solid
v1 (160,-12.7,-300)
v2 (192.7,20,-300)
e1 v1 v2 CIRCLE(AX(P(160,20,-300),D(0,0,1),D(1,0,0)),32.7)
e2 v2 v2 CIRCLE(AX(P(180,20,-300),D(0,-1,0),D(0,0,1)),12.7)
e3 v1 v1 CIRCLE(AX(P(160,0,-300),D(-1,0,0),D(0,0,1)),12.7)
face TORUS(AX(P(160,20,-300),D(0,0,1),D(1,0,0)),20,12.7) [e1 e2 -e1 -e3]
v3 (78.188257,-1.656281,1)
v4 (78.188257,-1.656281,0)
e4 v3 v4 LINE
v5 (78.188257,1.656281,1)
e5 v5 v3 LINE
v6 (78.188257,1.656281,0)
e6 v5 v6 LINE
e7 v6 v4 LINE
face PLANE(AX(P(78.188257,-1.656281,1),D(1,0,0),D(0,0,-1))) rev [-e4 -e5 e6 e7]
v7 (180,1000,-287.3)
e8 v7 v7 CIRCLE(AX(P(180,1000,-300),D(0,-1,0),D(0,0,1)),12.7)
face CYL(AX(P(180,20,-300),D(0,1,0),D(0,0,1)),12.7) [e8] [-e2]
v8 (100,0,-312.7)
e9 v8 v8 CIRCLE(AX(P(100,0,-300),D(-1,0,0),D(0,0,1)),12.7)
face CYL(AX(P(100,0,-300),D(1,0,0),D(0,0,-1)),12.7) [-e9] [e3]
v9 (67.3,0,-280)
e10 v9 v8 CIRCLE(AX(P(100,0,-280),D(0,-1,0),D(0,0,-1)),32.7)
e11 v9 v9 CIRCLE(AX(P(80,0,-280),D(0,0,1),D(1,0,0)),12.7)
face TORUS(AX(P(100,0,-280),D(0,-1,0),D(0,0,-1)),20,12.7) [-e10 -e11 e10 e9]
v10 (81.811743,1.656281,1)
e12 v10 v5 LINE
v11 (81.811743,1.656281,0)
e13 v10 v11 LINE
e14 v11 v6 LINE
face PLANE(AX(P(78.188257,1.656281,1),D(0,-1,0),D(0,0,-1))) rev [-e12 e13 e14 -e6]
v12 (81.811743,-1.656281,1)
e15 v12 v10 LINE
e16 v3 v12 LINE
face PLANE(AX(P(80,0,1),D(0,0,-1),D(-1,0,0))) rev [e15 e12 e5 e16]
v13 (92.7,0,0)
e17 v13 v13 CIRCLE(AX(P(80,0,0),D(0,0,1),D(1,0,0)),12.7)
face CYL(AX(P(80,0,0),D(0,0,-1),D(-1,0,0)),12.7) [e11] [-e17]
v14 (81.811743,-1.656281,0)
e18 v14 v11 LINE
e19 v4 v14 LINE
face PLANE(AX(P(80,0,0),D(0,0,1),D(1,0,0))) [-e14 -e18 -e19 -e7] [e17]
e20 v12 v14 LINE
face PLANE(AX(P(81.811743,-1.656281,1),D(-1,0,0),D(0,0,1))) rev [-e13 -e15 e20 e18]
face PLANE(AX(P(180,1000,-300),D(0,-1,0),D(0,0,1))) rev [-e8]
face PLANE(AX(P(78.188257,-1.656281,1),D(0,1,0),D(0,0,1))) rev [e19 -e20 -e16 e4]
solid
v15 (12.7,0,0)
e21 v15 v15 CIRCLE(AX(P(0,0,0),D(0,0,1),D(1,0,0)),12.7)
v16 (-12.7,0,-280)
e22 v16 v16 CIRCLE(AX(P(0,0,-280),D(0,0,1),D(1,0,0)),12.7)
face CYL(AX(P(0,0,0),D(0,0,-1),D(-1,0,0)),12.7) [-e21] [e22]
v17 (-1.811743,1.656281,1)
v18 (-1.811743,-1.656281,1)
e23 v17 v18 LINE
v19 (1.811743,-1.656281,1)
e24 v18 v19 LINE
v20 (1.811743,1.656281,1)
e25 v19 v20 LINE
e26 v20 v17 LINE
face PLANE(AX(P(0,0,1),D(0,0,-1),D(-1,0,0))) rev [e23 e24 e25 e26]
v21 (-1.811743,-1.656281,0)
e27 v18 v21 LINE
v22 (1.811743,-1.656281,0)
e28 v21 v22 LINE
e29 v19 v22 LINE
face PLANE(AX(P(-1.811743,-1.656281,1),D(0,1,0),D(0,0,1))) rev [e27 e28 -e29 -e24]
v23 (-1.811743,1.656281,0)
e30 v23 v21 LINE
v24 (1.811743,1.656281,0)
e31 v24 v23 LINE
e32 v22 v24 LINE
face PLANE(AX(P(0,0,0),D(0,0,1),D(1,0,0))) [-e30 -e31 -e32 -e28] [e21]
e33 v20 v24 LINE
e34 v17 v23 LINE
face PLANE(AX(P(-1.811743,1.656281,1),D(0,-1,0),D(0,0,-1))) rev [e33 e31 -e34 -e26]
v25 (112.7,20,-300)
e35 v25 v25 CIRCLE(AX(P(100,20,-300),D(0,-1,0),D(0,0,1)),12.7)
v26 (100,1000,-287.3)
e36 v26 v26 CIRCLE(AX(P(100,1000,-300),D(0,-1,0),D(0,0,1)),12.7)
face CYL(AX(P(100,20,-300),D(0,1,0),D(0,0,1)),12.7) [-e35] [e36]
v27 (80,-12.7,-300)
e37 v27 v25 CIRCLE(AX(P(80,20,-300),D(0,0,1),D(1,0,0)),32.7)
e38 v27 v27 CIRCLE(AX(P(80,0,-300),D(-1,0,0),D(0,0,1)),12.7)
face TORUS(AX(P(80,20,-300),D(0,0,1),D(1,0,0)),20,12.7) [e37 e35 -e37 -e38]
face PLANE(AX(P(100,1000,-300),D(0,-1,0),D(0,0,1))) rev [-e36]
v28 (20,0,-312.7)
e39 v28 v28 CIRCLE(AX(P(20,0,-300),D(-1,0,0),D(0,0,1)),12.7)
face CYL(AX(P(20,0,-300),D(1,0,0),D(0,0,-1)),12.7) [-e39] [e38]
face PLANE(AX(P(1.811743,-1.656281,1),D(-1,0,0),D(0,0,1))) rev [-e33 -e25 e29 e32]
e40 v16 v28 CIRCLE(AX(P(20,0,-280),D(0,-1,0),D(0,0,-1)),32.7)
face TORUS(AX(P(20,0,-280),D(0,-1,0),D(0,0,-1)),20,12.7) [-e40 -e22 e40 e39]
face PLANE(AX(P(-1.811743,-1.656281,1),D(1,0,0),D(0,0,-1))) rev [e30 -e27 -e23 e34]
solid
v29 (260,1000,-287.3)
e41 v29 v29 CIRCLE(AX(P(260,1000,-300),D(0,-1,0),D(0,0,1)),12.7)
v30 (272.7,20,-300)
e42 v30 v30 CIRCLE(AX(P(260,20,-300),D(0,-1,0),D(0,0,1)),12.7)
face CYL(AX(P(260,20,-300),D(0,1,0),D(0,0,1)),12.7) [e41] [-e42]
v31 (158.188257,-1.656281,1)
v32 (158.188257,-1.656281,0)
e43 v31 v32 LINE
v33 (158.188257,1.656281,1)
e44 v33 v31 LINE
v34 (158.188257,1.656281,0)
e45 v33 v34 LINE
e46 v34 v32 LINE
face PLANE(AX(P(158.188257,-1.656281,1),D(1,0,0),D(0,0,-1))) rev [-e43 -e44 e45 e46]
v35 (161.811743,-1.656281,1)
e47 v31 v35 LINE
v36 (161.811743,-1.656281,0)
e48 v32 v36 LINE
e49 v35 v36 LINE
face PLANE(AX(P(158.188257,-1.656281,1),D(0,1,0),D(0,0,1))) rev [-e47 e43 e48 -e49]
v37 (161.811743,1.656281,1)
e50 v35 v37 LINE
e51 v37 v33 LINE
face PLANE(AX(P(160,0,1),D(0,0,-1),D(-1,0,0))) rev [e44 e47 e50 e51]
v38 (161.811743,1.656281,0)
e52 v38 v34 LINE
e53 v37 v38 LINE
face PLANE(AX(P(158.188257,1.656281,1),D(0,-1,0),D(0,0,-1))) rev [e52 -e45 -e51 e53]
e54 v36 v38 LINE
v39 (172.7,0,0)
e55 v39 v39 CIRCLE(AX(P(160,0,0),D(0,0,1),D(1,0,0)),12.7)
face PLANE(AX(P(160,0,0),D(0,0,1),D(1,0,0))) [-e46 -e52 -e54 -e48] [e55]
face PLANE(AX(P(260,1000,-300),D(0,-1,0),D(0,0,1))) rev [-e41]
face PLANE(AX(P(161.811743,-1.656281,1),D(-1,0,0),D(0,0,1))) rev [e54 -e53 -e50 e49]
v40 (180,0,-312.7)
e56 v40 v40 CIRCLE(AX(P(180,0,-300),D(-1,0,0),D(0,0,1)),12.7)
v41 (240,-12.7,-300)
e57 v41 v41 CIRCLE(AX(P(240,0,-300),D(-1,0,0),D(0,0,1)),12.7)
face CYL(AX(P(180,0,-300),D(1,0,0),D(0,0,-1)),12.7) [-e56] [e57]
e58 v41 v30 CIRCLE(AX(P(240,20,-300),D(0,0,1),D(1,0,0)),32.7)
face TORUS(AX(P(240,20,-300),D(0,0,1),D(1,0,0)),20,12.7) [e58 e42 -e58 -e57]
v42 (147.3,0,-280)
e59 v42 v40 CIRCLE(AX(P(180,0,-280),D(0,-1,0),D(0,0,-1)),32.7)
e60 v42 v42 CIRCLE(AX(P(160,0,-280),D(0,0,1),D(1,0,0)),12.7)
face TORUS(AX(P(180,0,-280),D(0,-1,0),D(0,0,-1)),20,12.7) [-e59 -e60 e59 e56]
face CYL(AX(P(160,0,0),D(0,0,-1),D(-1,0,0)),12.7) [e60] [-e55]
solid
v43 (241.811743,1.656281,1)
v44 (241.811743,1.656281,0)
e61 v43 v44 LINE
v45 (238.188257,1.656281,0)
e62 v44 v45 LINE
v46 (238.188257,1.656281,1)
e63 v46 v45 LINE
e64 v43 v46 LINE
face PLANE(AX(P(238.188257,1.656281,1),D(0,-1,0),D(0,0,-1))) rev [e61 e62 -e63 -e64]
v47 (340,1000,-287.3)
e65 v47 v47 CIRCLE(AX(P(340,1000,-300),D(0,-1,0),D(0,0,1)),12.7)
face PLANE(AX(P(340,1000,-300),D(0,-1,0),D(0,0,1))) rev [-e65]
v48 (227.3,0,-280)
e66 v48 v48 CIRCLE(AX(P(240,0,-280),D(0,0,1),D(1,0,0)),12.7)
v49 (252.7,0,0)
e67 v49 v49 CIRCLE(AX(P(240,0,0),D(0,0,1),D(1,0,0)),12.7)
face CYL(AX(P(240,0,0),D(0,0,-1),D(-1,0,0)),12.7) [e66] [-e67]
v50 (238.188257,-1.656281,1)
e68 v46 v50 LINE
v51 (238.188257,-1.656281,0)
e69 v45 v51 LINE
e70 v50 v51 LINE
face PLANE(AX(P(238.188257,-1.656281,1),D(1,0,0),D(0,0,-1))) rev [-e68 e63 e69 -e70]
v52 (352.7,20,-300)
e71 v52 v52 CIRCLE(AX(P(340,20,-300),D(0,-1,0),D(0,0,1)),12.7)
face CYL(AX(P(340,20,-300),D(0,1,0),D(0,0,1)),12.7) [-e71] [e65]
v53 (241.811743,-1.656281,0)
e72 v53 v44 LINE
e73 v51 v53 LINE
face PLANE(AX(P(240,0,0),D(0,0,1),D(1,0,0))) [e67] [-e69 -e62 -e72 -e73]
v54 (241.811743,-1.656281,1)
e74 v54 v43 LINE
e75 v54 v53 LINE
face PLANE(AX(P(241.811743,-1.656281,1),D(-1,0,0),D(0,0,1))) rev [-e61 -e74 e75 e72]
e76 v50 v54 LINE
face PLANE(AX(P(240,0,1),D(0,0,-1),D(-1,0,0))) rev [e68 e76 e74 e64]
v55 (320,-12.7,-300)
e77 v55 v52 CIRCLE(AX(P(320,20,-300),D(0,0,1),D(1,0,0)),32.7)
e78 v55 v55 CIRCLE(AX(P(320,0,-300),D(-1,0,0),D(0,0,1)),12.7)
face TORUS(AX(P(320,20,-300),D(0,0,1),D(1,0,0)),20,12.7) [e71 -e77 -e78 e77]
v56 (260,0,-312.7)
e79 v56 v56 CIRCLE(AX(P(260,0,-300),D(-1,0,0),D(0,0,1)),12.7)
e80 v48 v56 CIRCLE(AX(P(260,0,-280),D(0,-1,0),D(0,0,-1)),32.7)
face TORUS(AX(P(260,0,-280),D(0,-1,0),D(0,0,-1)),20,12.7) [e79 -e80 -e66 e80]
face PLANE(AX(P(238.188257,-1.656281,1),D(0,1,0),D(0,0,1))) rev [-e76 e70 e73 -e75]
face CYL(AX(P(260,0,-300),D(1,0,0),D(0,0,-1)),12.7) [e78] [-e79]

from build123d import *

# Parameters (mm, degrees)
CROQUIS2_R              = 12.7
CROQUIS3_W              = 3.623485192
CROQUIS3_H              = 3.312562446
SALIENTE_EXTRUIR1_DEPTH = 1
MATRIZL1_COUNT          = 4
MATRIZL1_PITCH          = 80


with BuildPart() as part:
    # Barrer1: sweep along a curve in space
    with BuildLine() as barrer1_path:
        Line((0, 0, 0), (0, 0, -280))
        ThreePointArc((0, 0, -280), (5.857864376, 0, -294.142135624), (20, 0, -300))
        Line((20, 0, -300), (80, 0, -300))
        ThreePointArc((80, 0, -300), (94.142135624, 5.857864376, -300), (100, 20, -300))
        Line((100, 20, -300), (100, 1000, -300))
    # Croquis2 → Barrer1 (sweep)
    with BuildSketch(Plane.XY):
        Circle(CROQUIS2_R)
    sweep(path=barrer1_path.line)

    # Croquis3 → Saliente-Extruir1 (add)
    with BuildSketch(Plane.XY):
        Rectangle(CROQUIS3_W, CROQUIS3_H)
    extrude(amount=SALIENTE_EXTRUIR1_DEPTH)


with BuildPart() as matrizl1_1:
    # MatrizL1: pattern copy
    add(part.part.moved(Location(Vector(1, 0, 0) * (1 * MATRIZL1_PITCH))))


with BuildPart() as matrizl1_2:
    # MatrizL1: pattern copy
    add(part.part.moved(Location(Vector(1, 0, 0) * (2 * MATRIZL1_PITCH))))


with BuildPart() as matrizl1_3:
    # MatrizL1: pattern copy
    add(part.part.moved(Location(Vector(1, 0, 0) * (3 * MATRIZL1_PITCH))))


solid = Compound([part.part, matrizl1_1.part, matrizl1_2.part, matrizl1_3.part])
